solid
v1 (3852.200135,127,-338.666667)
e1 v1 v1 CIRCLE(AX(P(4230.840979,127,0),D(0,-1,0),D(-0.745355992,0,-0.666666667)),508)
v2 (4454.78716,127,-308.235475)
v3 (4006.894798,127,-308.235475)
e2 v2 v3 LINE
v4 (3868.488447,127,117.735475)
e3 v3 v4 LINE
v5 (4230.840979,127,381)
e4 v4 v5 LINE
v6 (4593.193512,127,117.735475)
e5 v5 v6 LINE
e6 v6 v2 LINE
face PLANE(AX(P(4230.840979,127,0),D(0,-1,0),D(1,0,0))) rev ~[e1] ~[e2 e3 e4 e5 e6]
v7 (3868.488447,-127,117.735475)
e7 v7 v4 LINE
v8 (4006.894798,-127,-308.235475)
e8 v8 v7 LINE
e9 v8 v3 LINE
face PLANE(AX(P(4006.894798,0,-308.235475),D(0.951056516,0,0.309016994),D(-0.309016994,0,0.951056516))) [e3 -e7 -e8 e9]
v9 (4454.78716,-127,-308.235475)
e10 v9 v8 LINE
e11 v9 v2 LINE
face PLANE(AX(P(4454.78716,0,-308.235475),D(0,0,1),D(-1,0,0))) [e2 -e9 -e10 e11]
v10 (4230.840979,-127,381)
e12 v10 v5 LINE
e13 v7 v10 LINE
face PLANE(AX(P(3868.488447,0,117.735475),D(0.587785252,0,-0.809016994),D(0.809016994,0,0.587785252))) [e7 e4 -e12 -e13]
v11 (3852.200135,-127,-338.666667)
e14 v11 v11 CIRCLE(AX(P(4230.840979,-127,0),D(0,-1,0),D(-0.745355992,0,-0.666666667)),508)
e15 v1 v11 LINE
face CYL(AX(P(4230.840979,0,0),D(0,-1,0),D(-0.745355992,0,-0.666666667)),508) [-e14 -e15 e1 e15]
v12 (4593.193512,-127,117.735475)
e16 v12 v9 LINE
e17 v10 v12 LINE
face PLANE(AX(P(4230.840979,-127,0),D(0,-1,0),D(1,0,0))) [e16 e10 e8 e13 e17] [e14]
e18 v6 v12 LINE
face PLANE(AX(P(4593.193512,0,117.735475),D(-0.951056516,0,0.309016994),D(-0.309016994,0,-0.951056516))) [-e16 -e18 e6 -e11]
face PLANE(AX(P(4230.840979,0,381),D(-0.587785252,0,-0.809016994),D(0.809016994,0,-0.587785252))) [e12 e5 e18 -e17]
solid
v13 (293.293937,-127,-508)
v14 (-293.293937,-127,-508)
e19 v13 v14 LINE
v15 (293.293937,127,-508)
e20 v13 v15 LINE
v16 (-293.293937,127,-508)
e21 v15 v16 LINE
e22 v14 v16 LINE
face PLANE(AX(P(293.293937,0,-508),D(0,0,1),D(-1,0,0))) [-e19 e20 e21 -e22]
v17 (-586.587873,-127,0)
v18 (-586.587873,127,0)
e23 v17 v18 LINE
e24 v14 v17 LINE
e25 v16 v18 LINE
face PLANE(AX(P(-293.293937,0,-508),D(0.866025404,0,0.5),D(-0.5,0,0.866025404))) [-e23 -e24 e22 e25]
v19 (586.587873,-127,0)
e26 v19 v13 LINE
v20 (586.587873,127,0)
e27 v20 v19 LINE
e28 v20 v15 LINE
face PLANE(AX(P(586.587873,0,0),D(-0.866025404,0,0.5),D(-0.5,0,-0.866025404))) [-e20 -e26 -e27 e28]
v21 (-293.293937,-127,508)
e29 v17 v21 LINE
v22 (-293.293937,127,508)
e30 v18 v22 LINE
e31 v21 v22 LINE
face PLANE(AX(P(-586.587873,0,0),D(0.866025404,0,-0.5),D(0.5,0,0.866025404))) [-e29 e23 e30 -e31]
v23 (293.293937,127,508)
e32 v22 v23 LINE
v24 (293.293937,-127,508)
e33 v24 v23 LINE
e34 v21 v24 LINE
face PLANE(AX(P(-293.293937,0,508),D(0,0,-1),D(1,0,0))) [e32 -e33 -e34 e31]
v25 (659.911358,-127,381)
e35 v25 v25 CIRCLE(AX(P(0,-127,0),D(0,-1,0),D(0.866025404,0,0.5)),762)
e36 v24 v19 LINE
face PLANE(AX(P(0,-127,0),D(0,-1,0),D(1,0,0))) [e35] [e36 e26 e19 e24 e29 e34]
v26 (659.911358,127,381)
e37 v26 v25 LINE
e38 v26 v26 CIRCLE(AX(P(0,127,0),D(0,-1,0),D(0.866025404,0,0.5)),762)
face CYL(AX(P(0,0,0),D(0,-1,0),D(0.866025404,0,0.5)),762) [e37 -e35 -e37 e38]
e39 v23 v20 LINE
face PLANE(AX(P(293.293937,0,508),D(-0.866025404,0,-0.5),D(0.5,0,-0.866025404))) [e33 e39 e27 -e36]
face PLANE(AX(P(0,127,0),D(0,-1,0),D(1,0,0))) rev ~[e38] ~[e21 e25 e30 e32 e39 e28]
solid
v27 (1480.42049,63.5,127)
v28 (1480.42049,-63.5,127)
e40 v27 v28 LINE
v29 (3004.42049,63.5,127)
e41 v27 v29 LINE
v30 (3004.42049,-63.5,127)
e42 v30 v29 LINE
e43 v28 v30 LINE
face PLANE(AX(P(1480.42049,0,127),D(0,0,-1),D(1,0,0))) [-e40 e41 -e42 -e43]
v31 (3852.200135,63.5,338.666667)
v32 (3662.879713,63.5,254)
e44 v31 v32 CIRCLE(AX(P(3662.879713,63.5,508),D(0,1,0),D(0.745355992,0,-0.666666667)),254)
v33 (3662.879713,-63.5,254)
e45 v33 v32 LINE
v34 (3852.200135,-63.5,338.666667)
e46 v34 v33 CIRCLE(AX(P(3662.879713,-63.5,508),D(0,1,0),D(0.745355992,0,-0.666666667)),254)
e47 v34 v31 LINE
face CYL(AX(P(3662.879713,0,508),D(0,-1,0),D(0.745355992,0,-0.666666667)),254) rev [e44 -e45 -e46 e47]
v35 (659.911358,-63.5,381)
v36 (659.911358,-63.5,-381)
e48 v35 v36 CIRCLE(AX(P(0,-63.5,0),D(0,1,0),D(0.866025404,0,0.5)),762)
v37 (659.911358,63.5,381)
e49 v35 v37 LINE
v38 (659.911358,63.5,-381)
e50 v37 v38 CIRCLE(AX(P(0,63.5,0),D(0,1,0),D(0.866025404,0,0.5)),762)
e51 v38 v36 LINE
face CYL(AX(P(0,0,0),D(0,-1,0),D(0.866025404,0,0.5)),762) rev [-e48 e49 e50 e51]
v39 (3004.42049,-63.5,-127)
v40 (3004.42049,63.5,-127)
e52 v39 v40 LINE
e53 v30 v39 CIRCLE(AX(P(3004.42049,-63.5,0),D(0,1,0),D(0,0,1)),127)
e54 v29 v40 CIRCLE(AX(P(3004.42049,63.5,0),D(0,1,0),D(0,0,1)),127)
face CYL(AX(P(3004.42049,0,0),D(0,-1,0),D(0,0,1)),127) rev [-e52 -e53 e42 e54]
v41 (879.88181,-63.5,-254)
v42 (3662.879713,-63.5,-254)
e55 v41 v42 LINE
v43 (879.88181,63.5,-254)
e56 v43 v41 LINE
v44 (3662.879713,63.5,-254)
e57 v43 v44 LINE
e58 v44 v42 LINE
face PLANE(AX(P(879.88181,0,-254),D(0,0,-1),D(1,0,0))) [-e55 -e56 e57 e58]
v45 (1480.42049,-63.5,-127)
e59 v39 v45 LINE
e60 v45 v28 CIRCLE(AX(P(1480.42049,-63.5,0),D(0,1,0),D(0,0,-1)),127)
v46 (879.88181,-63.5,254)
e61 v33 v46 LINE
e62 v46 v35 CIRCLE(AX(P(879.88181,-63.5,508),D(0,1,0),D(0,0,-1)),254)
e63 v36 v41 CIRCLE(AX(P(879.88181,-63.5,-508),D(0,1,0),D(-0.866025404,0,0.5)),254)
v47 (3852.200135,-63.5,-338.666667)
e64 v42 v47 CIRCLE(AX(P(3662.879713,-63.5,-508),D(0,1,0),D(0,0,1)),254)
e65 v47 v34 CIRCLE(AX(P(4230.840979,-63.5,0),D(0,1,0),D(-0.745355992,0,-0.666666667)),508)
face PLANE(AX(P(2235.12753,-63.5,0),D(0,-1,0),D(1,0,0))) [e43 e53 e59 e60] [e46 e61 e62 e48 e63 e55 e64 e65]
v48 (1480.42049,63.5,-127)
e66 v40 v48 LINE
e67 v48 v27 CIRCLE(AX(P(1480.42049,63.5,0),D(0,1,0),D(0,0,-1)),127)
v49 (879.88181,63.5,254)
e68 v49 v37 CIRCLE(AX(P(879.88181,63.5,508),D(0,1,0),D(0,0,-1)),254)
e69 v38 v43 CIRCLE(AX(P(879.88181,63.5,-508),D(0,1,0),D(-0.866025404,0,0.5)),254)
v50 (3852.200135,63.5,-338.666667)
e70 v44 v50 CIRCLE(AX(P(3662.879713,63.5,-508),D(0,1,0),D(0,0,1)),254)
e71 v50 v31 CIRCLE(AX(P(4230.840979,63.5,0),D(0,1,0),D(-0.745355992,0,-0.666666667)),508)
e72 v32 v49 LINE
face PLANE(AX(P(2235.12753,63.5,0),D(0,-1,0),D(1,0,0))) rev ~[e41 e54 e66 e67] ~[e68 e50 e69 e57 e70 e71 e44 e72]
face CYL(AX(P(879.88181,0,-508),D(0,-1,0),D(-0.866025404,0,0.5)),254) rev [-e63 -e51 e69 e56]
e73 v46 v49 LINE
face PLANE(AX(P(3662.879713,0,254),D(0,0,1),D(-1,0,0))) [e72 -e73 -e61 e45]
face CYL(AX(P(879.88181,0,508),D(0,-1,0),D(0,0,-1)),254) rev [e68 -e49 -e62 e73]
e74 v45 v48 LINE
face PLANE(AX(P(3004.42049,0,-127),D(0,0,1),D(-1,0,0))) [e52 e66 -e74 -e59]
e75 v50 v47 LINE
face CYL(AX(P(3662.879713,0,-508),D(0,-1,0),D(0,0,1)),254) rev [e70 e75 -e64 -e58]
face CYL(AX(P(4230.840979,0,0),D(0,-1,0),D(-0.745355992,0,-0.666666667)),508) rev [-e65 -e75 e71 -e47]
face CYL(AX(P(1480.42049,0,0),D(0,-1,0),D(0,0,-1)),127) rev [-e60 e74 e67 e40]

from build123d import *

# Parameters (mm, degrees)
F1_DEPTH = 127
F2_DEPTH = 127
F3_DEPTH = 63.5


with BuildPart() as f1:
    # F0 (on Front) → F1 (new body, symmetric)
    with BuildSketch(Plane.XZ):
        with BuildLine():
            ThreePointArc((659.9113576837, -381), (736.0354796323, -197.2201123681), (762, 0))
            ThreePointArc((762, 0), (736.0354796323, 197.2201123681), (659.9113576837, 381))
            ThreePointArc((659.9113576837, 381), (-762, 0), (659.9113576837, -381))
        make_face()
        Polygon((586.5878734967, 0), (293.2939367483, -508), (-293.2939367483, -508), (-586.5878734967, 0), (-293.2939367483, 508), (293.2939367483, 508), align=None, mode=Mode.SUBTRACT)
    extrude(amount=F1_DEPTH, both=True)


with BuildPart() as f2:
    # F0 (on Front) → F2 (new body, symmetric)
    with BuildSketch(Plane.XZ):
        with BuildLine():
            ThreePointArc((4738.8409793711, 0), (4412.1066009758, 474.5595583531), (3852.2001351811, 338.6666666667))
            ThreePointArc((3852.2001351811, 338.6666666667), (3722.8409793711, 0), (3852.2001351811, -338.6666666667))
            ThreePointArc((3852.2001351811, -338.6666666667), (4412.1066009758, -474.5595583531), (4738.8409793711, 0))
        make_face()
        Polygon((4593.1935120795, 117.7354748569), (4454.7871604945, -308.2354748569), (4006.8947982476, -308.2354748569), (3868.4884466626, 117.7354748569), (4230.8409793711, 381), align=None, mode=Mode.SUBTRACT)
    extrude(amount=F2_DEPTH, both=True)


with BuildPart() as f3:
    # F0 (on Front) → F3 (new body, symmetric)
    with BuildSketch(Plane.XZ):
        with BuildLine():
            ThreePointArc((659.9113576837, 381), (736.0354796323, 197.2201123681), (762, 0))
            ThreePointArc((762, 0), (736.0354796323, -197.2201123681), (659.9113576837, -381))
            ThreePointArc((659.9113576837, -381), (752.881810245, -288.0295474388), (879.881810245, -254))
            Line((879.881810245, -254), (2242.4204896855, -254))
            Line((2242.4204896855, -254), (3662.8797130861, -254))
            ThreePointArc((3662.8797130861, -254), (3766.5747788639, -276.1307839895), (3852.2001351811, -338.6666666667))
            ThreePointArc((3852.2001351811, -338.6666666667), (3722.8409793711, 0), (3852.2001351811, 338.6666666667))
            ThreePointArc((3852.2001351811, 338.6666666667), (3766.5747788639, 276.1307839895), (3662.8797130861, 254))
            Line((3662.8797130861, 254), (2242.4204896855, 254))
            Line((2242.4204896855, 254), (879.881810245, 254))
            ThreePointArc((879.881810245, 254), (752.881810245, 288.0295474388), (659.9113576837, 381))
        make_face()
        with BuildLine():
            Line((1480.4204896855, 127), (2242.4204896855, 127))
            Line((2242.4204896855, 127), (3004.4204896855, 127))
            ThreePointArc((3004.4204896855, 127), (3131.4204896855, 0), (3004.4204896855, -127))
            Line((3004.4204896855, -127), (1480.4204896855, -127))
            ThreePointArc((1480.4204896855, -127), (1353.4204896855, 0), (1480.4204896855, 127))
        make_face(mode=Mode.SUBTRACT)
    extrude(amount=F3_DEPTH, both=True)


solid = Compound([f1.part, f2.part, f3.part])
